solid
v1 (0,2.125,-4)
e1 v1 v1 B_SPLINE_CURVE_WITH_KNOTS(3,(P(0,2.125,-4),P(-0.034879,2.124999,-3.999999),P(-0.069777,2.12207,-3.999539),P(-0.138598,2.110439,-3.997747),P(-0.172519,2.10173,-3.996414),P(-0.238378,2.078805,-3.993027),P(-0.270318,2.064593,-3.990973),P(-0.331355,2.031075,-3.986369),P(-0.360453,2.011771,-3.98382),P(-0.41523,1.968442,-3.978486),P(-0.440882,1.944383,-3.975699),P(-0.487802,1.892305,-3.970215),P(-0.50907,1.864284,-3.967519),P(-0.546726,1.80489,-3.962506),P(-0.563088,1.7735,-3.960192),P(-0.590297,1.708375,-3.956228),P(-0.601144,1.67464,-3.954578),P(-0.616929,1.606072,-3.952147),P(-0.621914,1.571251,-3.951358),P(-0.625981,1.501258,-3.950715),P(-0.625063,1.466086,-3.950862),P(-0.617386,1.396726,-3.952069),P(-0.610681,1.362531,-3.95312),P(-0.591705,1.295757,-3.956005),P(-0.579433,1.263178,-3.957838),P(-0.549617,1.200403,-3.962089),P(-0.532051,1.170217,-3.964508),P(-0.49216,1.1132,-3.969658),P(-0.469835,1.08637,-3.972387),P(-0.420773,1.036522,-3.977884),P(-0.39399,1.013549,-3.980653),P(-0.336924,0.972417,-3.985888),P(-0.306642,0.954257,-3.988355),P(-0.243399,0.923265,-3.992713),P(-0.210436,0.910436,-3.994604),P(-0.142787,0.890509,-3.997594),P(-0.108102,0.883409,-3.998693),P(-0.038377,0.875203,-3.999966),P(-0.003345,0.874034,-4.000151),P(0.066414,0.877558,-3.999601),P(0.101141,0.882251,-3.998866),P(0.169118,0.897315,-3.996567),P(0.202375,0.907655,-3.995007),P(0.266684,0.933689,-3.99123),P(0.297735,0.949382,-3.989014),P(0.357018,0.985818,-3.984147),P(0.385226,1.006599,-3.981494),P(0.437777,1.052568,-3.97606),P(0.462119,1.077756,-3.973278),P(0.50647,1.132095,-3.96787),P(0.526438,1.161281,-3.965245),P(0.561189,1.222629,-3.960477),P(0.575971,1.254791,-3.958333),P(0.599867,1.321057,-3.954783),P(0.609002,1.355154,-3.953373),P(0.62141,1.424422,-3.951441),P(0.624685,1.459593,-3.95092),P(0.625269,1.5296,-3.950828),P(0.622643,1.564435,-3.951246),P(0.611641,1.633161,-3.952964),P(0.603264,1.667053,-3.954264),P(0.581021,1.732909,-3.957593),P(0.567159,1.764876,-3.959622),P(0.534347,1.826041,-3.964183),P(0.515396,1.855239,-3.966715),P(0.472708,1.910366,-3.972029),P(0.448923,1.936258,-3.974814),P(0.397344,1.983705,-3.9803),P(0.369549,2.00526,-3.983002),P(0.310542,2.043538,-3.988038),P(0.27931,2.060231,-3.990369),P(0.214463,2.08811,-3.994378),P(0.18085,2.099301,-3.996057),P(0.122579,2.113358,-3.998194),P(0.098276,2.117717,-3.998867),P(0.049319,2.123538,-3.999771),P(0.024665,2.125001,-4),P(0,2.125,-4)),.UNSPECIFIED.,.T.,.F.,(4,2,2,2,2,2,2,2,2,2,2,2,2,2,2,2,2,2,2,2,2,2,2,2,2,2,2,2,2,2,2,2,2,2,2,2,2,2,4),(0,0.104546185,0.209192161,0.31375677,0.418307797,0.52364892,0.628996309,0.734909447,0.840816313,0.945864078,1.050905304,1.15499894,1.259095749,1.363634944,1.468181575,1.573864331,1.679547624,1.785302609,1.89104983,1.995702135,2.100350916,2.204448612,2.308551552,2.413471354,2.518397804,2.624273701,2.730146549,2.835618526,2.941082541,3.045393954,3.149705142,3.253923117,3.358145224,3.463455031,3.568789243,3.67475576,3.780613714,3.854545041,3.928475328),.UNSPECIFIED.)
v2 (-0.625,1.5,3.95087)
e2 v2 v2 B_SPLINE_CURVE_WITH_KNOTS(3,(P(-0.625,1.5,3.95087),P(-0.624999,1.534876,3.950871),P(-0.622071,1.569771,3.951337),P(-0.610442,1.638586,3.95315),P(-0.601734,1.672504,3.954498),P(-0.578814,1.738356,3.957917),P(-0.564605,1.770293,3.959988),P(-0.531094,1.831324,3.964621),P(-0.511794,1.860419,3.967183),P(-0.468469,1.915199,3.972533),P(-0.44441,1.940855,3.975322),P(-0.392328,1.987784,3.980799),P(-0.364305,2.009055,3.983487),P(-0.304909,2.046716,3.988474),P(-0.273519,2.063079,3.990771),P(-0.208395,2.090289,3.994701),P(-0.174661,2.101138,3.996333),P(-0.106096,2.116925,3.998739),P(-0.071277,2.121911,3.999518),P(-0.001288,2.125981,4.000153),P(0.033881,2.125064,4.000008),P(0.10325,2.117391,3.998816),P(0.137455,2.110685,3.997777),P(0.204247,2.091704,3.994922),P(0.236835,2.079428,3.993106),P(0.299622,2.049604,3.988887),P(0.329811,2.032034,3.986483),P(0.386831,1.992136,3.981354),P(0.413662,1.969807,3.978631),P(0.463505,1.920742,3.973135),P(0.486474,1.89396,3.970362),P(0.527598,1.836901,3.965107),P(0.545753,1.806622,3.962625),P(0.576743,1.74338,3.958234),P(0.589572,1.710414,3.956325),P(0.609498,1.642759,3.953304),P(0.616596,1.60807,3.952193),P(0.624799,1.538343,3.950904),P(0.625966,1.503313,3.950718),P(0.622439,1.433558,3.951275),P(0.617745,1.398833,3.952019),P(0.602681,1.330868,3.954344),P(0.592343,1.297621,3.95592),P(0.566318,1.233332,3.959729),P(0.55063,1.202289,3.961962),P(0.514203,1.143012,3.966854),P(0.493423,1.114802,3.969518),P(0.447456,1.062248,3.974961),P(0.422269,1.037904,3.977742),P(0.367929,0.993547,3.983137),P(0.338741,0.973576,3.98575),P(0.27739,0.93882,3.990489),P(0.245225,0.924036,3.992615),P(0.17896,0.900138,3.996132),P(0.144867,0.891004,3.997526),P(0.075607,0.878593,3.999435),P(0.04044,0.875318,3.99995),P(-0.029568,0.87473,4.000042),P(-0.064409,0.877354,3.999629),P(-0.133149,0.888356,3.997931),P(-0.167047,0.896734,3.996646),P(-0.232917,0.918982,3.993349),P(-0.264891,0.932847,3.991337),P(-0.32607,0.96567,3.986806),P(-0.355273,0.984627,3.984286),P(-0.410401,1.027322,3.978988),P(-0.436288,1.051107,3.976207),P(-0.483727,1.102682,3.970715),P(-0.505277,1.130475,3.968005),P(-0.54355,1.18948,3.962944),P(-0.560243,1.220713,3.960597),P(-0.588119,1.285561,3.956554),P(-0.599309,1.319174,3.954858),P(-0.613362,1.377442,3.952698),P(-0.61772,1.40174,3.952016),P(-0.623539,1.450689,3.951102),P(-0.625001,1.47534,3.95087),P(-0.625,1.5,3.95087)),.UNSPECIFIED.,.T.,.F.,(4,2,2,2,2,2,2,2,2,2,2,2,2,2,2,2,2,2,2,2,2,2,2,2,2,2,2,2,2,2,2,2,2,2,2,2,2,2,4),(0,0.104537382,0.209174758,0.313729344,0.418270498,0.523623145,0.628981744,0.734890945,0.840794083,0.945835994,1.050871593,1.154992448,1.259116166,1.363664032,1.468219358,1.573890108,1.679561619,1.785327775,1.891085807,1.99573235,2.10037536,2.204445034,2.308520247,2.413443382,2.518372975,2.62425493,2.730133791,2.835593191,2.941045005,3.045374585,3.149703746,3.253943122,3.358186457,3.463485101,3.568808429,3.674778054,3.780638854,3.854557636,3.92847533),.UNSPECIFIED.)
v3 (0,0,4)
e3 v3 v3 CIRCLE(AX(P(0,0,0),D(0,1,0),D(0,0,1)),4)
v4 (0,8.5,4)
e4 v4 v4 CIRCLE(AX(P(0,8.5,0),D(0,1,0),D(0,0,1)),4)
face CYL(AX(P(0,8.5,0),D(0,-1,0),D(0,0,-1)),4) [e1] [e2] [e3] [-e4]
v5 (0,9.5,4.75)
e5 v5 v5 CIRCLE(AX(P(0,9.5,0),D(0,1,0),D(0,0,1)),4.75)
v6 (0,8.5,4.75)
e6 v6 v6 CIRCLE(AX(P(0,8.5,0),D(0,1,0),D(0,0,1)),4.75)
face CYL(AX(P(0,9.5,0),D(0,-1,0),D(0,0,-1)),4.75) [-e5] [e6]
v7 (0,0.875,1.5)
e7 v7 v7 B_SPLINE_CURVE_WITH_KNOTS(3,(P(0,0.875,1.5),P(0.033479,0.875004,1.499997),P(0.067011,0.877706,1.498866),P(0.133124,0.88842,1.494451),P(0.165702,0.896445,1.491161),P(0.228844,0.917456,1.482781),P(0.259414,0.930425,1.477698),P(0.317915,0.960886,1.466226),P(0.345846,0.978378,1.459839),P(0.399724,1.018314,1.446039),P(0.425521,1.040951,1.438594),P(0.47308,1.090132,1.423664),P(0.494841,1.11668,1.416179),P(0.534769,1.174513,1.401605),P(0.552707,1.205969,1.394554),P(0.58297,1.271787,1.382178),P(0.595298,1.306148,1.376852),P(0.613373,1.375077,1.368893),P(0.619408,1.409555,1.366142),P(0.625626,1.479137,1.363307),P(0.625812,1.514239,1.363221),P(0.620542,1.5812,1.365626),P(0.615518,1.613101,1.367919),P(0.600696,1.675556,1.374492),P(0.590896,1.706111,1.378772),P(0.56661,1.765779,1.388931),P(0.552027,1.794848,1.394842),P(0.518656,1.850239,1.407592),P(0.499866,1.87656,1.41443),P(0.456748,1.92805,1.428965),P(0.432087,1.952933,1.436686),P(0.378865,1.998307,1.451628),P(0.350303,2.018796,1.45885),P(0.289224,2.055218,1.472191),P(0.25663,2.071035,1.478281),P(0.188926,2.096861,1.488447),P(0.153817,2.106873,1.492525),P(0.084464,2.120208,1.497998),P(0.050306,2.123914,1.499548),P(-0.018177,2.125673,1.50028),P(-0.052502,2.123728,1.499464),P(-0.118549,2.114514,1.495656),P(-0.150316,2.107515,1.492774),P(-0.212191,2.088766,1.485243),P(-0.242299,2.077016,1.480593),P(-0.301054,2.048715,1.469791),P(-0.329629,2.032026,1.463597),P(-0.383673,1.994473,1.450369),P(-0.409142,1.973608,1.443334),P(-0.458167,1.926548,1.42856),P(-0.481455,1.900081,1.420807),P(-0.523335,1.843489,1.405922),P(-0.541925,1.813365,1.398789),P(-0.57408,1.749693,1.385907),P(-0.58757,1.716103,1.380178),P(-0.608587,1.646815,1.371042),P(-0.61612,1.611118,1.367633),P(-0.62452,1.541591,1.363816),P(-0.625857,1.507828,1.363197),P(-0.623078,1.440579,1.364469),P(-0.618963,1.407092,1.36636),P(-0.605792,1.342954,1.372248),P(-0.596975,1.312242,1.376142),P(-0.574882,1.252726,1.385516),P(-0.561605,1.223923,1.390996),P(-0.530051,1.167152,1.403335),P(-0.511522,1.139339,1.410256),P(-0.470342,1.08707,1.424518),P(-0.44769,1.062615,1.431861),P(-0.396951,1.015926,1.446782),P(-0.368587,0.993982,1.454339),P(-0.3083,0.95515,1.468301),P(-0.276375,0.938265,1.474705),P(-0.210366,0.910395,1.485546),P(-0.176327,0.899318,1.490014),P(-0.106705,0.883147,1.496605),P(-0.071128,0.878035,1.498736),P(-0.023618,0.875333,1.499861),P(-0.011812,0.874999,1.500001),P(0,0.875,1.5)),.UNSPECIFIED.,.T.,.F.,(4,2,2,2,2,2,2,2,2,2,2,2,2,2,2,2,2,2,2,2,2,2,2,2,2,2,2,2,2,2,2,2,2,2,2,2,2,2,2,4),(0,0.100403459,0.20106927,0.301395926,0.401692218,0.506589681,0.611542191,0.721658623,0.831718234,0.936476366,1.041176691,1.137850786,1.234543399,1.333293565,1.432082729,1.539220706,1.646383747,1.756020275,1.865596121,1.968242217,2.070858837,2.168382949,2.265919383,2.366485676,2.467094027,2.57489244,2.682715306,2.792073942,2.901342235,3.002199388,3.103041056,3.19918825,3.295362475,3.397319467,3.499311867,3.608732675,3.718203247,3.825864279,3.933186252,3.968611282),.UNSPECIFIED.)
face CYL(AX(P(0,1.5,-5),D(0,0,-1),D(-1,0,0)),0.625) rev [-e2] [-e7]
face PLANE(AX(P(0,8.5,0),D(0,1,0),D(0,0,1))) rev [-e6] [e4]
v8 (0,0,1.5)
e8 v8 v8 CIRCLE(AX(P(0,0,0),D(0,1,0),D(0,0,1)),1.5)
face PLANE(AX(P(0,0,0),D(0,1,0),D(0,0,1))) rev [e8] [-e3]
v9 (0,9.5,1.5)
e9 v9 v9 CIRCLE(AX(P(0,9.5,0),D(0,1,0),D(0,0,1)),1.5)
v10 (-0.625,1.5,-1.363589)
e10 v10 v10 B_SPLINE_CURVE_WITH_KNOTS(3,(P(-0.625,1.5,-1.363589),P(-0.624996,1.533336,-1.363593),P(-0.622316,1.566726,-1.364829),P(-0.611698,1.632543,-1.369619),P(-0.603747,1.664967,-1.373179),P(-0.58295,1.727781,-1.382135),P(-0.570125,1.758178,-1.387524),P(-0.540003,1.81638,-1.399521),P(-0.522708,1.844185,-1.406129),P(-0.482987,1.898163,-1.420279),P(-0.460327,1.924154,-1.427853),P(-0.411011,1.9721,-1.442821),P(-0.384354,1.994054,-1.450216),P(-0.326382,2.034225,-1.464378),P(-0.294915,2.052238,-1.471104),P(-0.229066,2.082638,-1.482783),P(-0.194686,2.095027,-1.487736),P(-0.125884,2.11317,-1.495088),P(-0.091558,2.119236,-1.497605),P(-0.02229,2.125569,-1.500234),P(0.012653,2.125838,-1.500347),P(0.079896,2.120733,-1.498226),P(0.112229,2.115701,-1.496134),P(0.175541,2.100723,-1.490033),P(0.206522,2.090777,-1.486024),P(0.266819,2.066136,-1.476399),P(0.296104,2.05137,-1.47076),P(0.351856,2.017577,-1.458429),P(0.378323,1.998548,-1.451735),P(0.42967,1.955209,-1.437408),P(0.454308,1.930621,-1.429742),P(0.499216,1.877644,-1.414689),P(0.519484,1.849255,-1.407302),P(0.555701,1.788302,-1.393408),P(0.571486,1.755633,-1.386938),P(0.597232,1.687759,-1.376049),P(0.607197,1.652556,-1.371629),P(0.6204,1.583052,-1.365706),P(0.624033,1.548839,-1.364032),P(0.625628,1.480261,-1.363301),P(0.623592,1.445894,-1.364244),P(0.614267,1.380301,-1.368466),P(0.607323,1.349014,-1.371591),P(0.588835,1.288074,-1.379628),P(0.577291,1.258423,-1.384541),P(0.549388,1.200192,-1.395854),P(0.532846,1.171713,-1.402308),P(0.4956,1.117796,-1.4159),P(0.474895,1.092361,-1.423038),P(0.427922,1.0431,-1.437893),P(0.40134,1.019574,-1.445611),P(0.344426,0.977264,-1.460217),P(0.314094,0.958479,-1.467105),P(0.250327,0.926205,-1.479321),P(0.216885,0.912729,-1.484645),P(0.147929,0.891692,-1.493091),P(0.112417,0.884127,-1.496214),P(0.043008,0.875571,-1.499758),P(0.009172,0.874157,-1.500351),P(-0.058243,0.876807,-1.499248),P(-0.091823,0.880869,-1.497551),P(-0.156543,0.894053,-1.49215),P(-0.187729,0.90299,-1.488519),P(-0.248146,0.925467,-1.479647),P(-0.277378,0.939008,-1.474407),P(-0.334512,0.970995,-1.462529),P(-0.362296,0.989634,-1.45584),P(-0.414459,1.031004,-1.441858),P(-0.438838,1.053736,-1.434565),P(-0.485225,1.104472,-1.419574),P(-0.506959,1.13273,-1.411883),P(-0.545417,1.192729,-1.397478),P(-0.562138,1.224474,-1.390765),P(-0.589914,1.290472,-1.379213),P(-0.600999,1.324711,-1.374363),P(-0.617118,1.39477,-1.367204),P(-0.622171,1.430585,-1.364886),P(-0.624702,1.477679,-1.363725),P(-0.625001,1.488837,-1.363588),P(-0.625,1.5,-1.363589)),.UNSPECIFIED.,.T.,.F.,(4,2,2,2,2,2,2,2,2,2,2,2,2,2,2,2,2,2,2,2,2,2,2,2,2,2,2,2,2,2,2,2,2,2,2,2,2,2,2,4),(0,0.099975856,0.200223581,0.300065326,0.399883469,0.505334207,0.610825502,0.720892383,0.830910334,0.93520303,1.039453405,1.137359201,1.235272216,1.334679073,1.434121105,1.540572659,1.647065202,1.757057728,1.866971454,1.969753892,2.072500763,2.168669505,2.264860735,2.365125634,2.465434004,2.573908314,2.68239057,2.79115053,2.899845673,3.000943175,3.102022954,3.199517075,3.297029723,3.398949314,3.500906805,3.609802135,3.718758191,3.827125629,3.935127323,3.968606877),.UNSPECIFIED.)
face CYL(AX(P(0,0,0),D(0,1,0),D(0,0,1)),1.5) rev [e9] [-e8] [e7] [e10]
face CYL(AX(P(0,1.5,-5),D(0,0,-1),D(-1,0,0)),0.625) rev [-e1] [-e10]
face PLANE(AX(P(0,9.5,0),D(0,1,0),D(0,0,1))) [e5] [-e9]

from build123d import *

# Parameters (mm, degrees)
SKETCH1_R           = 4
BOSS_EXTRUDE1_DEPTH = 8.5
SKETCH2_R           = 4.75
BOSS_EXTRUDE2_DEPTH = 1
SKETCH8_R           = 1.5
CUT_EXTRUDE2_DEPTH  = 12.635076278
M1_6_TAPPED_HOLE4_D = 1.25


with BuildPart() as part:
    # Sketch1 → Boss-Extrude1 (new body)
    with BuildSketch(Plane(origin=(0, 0, 0), x_dir=(1, 0, 0), z_dir=(0, 1, 0))):
        with Locations(Location((0, 0, 0), (0, 0, 270))):
            Circle(SKETCH1_R)
    extrude(amount=BOSS_EXTRUDE1_DEPTH)

    # Sketch2 → Boss-Extrude2 (add)
    with BuildSketch(Plane(origin=(0, 8.5, 0), x_dir=(1, 0, 0), z_dir=(0, 1, 0))):
        with Locations(Location((0, 0, 0), (0, 0, 270))):
            Circle(SKETCH2_R)
    extrude(amount=BOSS_EXTRUDE2_DEPTH)

    # Sketch8 → Cut-Extrude2 (cut, through all)
    with BuildSketch(Plane(origin=(0, 9.5, 0), x_dir=(1, 0, 0), z_dir=(0, 1, 0))):
        with Locations(Location((0, 0, 0), (0, 0, 270))):
            Circle(SKETCH8_R)
    extrude(amount=-CUT_EXTRUDE2_DEPTH, mode=Mode.SUBTRACT)

    # M1.6 Tapped Hole4 (through all)
    with Locations(Plane(origin=(0, 0, -5), x_dir=(1, 0, 0), z_dir=(0, 0, -1))):
        with Locations((0, -1.5)):
            Hole(M1_6_TAPPED_HOLE4_D / 2)


solid = part.part
